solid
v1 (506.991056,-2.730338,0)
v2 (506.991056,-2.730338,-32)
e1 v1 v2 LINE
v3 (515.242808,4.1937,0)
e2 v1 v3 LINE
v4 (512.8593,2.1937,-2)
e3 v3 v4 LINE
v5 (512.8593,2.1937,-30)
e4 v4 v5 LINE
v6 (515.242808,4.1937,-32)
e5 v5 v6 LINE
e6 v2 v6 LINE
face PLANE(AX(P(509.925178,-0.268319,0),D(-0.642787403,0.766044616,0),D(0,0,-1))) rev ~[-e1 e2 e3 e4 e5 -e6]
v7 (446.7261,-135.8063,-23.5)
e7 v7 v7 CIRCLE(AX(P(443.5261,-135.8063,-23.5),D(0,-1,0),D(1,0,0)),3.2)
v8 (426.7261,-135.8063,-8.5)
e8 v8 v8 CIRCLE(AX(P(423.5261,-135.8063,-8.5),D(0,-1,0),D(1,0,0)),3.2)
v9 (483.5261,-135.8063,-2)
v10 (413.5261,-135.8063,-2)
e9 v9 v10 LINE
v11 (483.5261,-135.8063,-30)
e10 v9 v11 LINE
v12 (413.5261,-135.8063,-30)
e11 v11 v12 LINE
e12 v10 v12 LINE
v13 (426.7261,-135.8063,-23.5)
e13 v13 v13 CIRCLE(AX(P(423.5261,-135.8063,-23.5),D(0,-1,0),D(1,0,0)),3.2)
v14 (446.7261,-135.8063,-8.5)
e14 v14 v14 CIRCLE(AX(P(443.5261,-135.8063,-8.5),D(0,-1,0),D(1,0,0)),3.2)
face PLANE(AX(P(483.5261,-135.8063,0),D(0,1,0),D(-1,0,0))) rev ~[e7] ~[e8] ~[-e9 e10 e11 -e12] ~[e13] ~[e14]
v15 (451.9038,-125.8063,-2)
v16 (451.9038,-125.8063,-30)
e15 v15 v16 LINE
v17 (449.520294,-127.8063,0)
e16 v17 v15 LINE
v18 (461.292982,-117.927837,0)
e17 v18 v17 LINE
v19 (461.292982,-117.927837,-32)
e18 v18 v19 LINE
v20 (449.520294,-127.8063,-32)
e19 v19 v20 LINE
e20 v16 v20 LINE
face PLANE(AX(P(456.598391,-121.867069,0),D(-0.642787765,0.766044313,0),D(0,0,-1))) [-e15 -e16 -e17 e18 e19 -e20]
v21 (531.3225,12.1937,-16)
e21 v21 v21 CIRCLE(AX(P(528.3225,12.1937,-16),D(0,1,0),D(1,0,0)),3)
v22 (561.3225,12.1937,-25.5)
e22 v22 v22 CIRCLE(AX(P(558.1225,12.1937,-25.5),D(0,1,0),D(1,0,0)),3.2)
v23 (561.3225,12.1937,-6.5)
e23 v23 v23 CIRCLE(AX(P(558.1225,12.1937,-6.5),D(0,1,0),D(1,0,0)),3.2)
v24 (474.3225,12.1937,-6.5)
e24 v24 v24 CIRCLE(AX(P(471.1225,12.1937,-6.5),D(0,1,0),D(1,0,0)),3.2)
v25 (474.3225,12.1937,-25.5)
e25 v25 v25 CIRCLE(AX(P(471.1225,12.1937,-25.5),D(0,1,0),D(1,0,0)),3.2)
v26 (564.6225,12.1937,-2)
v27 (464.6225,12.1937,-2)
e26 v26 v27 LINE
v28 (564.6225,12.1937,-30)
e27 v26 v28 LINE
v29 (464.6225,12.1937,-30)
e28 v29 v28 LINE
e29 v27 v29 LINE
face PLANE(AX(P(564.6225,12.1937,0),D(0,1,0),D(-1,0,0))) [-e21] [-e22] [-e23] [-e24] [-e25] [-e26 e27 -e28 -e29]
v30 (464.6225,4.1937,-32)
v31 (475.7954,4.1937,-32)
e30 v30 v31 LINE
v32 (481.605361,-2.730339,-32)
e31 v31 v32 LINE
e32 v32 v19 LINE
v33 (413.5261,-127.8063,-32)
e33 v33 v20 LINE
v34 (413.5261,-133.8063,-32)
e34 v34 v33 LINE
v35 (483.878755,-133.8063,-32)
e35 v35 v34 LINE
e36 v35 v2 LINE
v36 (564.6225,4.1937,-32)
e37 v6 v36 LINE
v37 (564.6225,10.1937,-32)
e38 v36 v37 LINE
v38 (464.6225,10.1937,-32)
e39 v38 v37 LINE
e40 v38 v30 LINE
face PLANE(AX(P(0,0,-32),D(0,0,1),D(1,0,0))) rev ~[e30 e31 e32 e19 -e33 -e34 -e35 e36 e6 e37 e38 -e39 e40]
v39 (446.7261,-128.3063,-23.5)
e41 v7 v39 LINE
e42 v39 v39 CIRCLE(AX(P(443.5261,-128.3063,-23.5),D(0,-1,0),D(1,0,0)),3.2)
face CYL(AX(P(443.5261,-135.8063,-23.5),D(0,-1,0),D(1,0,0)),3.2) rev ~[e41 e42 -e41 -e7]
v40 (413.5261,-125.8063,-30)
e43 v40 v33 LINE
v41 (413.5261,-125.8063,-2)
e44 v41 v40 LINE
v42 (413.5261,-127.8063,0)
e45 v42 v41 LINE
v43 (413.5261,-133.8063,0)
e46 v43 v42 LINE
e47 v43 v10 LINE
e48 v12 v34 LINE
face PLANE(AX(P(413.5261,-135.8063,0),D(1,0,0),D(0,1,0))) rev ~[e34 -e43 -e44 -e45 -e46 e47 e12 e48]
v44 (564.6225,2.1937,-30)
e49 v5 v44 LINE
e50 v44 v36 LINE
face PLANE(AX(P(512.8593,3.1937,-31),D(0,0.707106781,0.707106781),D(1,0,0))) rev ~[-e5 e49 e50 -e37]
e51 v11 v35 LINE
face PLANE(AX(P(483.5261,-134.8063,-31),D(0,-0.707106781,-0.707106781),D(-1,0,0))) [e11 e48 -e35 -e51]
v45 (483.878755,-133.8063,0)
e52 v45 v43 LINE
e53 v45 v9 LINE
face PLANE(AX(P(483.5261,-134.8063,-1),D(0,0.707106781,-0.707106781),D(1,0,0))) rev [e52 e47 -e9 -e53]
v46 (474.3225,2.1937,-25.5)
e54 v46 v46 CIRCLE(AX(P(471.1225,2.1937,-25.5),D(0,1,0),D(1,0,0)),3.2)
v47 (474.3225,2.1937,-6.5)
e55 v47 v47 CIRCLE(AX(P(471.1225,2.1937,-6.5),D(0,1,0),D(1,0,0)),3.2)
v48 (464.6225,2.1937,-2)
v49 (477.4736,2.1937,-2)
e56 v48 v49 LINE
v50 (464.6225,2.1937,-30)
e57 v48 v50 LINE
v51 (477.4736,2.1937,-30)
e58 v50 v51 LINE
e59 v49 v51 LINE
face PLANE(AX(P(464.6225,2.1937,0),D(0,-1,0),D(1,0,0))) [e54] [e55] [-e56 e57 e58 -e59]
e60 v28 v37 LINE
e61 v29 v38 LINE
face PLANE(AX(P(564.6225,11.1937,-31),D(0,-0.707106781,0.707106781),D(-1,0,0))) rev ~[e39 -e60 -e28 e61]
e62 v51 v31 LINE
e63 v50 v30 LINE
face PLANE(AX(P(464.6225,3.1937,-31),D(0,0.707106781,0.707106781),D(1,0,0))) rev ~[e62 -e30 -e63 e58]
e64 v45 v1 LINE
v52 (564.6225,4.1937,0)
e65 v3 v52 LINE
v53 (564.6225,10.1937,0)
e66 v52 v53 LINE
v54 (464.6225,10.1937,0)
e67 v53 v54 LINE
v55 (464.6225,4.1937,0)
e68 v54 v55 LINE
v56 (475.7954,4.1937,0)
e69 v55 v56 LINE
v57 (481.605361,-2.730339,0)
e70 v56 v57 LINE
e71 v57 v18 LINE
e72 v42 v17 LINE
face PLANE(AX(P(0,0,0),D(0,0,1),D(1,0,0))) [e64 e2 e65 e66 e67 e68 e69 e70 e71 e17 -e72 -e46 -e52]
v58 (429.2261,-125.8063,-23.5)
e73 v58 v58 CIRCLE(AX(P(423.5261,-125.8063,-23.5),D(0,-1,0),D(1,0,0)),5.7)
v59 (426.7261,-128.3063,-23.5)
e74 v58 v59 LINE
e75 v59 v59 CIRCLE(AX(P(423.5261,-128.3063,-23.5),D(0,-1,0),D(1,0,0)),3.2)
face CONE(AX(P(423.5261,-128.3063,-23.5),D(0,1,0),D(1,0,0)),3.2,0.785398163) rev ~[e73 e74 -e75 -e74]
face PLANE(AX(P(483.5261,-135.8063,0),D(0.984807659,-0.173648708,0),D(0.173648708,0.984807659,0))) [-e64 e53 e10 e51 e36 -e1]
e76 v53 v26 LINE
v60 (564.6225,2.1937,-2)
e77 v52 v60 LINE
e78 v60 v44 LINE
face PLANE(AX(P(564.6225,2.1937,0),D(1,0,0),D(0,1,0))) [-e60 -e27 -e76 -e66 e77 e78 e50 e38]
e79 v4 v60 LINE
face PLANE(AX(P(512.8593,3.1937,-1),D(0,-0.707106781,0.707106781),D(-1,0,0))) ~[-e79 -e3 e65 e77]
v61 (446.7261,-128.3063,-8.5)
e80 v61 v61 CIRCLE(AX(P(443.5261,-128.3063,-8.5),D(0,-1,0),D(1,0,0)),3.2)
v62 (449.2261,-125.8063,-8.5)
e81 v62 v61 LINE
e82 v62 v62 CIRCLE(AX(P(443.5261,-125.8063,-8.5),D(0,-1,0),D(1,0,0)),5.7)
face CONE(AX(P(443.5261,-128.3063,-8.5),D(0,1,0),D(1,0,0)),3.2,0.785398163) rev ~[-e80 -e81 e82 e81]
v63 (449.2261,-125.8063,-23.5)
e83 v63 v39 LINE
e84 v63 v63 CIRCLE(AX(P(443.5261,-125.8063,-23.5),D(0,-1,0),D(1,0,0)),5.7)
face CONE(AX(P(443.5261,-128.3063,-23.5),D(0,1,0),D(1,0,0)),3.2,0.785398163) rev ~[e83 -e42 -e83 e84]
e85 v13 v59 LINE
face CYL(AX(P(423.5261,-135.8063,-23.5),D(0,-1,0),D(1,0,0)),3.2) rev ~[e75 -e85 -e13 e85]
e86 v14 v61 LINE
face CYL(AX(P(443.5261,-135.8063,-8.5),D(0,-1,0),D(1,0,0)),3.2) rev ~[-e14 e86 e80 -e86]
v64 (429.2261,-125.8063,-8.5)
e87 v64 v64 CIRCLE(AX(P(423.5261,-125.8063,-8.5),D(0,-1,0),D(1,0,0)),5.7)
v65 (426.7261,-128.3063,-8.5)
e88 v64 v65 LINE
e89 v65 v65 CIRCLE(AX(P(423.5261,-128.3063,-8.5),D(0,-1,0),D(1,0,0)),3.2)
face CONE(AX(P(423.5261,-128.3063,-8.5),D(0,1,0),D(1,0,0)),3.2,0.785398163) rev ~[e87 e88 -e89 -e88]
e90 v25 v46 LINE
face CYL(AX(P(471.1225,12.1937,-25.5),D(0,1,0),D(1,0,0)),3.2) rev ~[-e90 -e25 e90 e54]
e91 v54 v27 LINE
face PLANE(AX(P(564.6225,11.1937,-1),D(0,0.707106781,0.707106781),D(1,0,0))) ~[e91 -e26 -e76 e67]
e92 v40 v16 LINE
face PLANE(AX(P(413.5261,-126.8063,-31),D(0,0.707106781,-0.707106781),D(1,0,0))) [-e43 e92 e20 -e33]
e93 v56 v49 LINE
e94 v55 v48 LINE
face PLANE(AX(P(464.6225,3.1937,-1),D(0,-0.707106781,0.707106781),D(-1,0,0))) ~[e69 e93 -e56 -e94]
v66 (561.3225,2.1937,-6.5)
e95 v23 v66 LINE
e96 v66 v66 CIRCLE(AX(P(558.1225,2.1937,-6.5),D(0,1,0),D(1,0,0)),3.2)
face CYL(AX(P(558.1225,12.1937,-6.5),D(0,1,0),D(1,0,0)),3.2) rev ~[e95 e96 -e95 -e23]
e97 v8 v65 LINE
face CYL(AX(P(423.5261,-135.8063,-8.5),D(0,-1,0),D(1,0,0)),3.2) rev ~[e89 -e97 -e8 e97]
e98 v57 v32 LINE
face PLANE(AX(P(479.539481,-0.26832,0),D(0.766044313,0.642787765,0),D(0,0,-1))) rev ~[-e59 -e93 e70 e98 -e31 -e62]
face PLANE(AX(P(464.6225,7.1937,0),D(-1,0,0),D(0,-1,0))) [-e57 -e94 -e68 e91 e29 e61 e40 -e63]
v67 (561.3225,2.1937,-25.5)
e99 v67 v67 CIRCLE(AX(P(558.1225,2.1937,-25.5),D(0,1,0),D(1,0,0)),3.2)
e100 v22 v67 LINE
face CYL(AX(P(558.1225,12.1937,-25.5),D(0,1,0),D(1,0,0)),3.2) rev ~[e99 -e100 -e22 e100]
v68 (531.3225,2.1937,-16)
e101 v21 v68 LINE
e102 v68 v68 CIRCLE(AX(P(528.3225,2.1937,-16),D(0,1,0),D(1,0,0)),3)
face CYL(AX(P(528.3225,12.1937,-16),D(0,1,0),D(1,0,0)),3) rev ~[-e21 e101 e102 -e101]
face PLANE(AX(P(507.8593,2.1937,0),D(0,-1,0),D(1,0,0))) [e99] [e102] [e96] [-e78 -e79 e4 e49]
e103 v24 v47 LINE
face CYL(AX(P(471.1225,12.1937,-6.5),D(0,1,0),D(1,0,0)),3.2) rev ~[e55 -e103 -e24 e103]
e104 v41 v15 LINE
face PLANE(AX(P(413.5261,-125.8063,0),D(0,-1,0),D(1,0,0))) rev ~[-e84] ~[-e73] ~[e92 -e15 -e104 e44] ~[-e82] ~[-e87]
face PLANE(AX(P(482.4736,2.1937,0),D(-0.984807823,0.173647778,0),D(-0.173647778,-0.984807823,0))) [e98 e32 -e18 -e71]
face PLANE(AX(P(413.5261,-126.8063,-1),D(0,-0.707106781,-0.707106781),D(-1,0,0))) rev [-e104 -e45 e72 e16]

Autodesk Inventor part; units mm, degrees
ref_plane "YZ Plane" through (0, 0, 0) normal (1, 0, 0) x (0, 1, 0)
ref_plane "XZ Plane" through (0, 0, 0) normal (0, 1, 0) x (-1, 0, 0)
ref_plane "XY Plane" through (0, 0, 0) normal (0, 0, 1) x (1, 0, 0)
sketch "Sketch1" plane through (0, 0, 0) normal (0, 0, 1) x (1, 0, 0)
  line L0 (483.5261, -135.8063) -> (507.8593, 2.1937)
  line L1 (509.6225, 12.1937) -> (464.6225, 12.1937)
  line L2 (464.6225, 14.1937) -> (464.6225, 12.1937) construction
  line L3 (464.6225, 12.1937) -> (564.6225, 12.1937) construction
  line L4 (564.6225, 12.1937) -> (564.6225, 14.1937) construction
  line L5 (564.6225, 14.1937) -> (464.6225, 14.1937) construction
  line L6 (564.6225, 14.1937) -> (464.6225, 14.1937) construction
  line L7 (564.6225, 14.1937) -> (564.6225, 30.1937) construction
  line L8 (552.6225, 30.1937) -> (564.6225, 30.1937) construction
  arc A0 (536.6225, 30.1937) -> (552.6225, 30.1937) centre (544.6225, 30.1937) ccw construction
  line L9 (527.1225, 30.1937) -> (536.6225, 30.1937) construction
  arc A1 (502.1225, 30.1937) -> (527.1225, 30.1937) centre (514.6225, 30.1937) ccw construction
  line L10 (492.6225, 30.1937) -> (502.1225, 30.1937) construction
  arc A2 (476.6225, 30.1937) -> (492.6225, 30.1937) centre (484.6225, 30.1937) ccw construction
  line L11 (464.6225, 30.1937) -> (476.6225, 30.1937) construction
  line L12 (464.6225, 14.1937) -> (464.6225, 30.1937) construction
  line L13 (464.6225, 12.1937) -> (464.6225, 2.1937)
  line L14 (464.6225, 2.1937) -> (482.4736, 2.1937)
  line L15 (482.4736, 2.1937) -> (459.9038, -125.8063)
  line L16 (564.6225, 12.1937) -> (464.6225, 12.1937)
  line L17 (464.6225, 12.1937) -> (464.6225, 7.1937)
  line L18 (483.5261, -135.8063) -> (413.5261, -135.8063)
  line L19 (413.5261, -135.8063) -> (413.5261, -125.8063)
  line L20 (413.5261, -125.8063) -> (459.9038, -125.8063)
  line L21 (507.8593, 2.1937) -> (564.6225, 2.1937)
  line L22 (564.6225, 2.1937) -> (564.6225, 12.1937)
  point P0 (0, 0)
  dimension "d16" = 45
  dimension "d17" = 25
  dimension "d25" = 10
  dimension "d26" = 80
  dimension "d58" = 70
  dimension "d59" = 10
  dimension "d62" = 150
extrude "Extrusion1" add sketch "Sketch1" against normal blind 32
chamfer "Chamfer5" distance 5 angle 45 1 edges at (507.8593, 2.1937, -16)
chamfer "Chamfer8" distance 5 angle 45 1 edges at (482.4736, 2.1937, -16)
chamfer "Chamfer11" distance 8 angle 45 1 edges at (459.9038, -125.8063, -16)
chamfer "Chamfer6" distance 2 angle 45 10 edges at (448.5261, -135.8063, 0) (448.5261, -135.8063, -32) (514.6225, 12.1937, 0) (514.6225, 12.1937, -32) (538.7409, 2.1937, -32) (538.7409, 2.1937, 0) (471.0481, 2.1937, -32) (471.0481, 2.1937, 0) (432.715, -125.8063, -32) (432.715, -125.8063, 0)
sketch "Sketch9" plane through (464.6225, 12.1937, -2) normal (0, 1, 0) x (1, 0, 0)
  circle A0 centre (6.5, 23.5) radius 3.2
  circle A1 centre (6.5, 4.5) radius 3.2
  circle A2 centre (36.3, 14) radius 3
  circle A3 centre (63.7, 14) radius 3
  circle A4 centre (93.5, 23.5) radius 3.2
  circle A5 centre (93.5, 4.5) radius 3.2
  point P0 (-464.6225, -2)
extrude "Extrusion6" cut sketch "Sketch9" against normal blind 32 contours A0 | A1 | A3 | A4 | A5
sketch "Sketch10" plane through (413.5261, -135.8063, -30) normal (0, -1, 0) x (1, 0, 0)
  line L0 (70, 28) -> (70, 0) projected
  line L1 (0, 28) -> (0, 0) projected
  circle A0 centre (10, 21.5) radius 3.2
  circle A1 centre (10, 6.5) radius 3.2
  circle A2 centre (30, 21.5) radius 3.2
  circle A3 centre (30, 6.5) radius 3.2
  line L2 (10, 21.5) -> (30, 21.5) construction
  line L3 (30, 21.5) -> (30, 6.5) construction
  line L4 (30, 6.5) -> (10, 6.5) construction
  line L5 (10, 6.5) -> (10, 21.5) construction
  line L6 (70, 0) -> (0, 0) projected
  line L7 (0, 28) -> (70, 28) projected
  point P0 (-413.5261, 30)
  point P1 (10, 14)
  point P2 (0, 14)
  dimension "d51" = 6.4
  dimension "d52" = 10
  dimension "d53" = 20
  dimension "d54" = 15
extrude "Extrusion7" cut sketch "Sketch10" against normal blind 32 contours A0 | A1 | A2 | A3
chamfer "Chamfer10" distance 2.5 angle 45 4 edges at (440.3261, -125.8063, -23.5) (440.3261, -125.8063, -8.5) (420.3261, -125.8063, -23.5) (420.3261, -125.8063, -8.5)
properties part number "AXLG" material "PC/ABS Plastic"
